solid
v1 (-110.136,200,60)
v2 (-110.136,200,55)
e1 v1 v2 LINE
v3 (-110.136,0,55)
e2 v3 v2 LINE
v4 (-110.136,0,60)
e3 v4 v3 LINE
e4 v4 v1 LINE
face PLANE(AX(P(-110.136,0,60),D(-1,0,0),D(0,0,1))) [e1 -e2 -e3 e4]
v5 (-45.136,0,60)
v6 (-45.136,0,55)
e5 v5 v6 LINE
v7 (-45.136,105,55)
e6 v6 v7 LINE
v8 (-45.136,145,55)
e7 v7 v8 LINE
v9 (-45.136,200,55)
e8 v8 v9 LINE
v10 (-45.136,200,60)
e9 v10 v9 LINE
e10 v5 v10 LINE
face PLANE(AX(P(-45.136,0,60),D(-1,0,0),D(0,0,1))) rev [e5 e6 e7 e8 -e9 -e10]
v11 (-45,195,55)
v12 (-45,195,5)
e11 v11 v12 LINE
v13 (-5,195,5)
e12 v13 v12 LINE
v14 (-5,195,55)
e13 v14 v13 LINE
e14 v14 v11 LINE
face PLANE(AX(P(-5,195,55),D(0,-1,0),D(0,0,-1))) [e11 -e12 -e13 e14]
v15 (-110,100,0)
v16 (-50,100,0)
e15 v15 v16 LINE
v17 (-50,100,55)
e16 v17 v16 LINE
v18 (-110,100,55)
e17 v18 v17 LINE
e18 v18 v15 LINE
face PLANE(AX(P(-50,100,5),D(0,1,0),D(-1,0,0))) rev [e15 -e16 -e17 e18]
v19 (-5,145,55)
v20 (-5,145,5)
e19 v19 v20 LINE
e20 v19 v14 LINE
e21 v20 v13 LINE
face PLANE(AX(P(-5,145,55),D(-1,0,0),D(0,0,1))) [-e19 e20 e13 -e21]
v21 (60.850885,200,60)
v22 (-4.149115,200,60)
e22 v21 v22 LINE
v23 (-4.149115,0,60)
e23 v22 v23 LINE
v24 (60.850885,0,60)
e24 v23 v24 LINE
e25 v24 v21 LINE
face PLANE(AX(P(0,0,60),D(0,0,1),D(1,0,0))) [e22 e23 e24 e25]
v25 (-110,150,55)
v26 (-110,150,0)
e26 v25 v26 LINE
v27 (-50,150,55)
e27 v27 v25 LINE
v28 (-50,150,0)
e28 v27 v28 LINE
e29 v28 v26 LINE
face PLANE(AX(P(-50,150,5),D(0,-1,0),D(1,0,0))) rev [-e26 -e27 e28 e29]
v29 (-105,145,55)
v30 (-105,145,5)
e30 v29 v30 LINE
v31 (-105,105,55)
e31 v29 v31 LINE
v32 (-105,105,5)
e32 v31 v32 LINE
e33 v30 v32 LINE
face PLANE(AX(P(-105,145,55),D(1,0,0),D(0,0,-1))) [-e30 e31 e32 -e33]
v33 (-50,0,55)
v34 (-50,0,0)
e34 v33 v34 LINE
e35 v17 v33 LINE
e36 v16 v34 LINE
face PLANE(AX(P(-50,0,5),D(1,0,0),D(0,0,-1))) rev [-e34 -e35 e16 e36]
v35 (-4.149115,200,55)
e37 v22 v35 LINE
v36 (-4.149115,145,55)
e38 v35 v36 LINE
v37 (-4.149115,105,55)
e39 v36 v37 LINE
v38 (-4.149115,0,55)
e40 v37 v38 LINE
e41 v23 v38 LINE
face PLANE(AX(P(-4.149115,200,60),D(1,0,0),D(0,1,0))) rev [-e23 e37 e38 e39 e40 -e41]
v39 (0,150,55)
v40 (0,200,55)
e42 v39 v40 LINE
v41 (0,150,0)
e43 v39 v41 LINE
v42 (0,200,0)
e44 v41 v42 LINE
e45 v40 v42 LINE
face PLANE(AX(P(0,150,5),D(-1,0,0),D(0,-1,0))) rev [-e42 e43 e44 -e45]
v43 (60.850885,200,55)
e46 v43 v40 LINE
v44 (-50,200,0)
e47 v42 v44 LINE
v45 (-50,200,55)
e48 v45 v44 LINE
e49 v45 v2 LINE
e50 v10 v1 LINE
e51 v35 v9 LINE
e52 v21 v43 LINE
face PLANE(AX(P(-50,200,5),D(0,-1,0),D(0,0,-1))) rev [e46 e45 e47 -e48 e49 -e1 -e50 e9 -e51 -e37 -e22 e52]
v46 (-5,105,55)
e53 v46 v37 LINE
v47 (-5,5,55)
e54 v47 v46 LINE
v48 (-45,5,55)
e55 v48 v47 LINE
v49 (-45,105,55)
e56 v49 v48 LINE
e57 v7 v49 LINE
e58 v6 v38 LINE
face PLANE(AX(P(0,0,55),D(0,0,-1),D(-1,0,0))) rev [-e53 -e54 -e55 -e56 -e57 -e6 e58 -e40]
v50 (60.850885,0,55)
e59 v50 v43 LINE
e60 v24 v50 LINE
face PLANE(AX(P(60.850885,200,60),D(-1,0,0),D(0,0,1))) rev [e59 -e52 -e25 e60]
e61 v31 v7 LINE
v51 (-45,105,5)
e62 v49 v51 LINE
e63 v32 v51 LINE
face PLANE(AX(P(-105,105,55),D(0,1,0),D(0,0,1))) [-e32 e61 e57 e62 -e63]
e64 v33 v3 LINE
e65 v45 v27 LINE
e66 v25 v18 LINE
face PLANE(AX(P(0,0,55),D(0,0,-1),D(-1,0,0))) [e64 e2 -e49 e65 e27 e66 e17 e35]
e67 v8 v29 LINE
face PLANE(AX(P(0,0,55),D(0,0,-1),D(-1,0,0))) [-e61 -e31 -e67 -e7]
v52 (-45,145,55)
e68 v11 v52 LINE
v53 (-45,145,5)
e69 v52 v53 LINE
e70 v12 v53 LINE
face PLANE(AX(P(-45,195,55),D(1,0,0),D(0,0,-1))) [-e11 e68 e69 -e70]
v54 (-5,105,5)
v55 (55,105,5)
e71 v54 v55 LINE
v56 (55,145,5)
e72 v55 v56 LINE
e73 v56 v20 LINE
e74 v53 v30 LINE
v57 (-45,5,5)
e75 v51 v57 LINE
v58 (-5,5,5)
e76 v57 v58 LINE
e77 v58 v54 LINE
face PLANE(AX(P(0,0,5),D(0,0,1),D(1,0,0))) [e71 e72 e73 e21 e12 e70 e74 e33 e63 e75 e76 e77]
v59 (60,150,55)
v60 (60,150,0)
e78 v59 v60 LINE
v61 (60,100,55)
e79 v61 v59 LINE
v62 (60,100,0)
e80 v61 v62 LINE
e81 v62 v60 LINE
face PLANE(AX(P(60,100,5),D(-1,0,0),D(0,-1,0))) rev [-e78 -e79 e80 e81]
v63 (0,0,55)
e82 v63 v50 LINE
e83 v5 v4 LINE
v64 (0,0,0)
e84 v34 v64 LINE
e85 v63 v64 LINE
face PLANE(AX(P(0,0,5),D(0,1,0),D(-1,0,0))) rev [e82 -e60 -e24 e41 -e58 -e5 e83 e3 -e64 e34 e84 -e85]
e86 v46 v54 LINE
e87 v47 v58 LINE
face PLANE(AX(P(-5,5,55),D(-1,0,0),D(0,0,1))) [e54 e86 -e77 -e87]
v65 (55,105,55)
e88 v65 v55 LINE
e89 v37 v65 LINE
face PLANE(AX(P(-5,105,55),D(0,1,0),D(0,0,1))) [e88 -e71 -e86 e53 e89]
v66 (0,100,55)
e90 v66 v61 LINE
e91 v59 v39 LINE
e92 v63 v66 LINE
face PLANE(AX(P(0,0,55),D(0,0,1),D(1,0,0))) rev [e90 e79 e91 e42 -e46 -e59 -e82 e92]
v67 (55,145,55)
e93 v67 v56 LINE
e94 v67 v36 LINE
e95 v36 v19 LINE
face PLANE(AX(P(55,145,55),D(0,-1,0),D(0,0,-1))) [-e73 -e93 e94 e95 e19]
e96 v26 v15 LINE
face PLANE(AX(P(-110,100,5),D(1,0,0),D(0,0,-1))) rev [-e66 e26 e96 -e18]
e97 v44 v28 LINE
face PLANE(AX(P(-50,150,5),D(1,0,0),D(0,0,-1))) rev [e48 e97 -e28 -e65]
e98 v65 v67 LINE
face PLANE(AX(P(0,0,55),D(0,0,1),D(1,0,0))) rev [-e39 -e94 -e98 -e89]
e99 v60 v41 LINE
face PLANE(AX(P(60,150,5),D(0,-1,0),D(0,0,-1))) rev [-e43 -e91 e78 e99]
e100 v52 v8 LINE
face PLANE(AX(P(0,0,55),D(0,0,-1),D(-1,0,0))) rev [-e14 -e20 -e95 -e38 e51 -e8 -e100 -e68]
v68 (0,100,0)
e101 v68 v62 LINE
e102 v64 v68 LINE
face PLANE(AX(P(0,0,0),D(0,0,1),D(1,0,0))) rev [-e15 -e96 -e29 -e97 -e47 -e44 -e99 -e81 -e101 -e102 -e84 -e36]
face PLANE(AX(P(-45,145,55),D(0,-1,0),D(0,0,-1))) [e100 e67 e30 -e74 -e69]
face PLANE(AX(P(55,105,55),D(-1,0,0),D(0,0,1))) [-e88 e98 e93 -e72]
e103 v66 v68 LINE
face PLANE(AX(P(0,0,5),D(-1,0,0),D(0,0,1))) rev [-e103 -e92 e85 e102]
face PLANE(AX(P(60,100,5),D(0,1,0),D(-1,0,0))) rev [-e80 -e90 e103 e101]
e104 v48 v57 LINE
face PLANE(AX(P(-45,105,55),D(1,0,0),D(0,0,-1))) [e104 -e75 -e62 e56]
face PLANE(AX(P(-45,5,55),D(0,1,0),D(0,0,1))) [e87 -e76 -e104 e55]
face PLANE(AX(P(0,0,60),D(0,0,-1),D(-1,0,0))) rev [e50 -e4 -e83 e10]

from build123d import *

# Parameters (mm, degrees)
BOSS_EXTRU_2_DEPTH = 5
BOSS_EXTRU_3_DEPTH = 50
ESQUISSE3_W        = 65
ESQUISSE3_H        = 200
BOSS_EXTRU_7_DEPTH = 5
ESQUISSE8_W        = 65
ESQUISSE8_H        = 200
BOSS_EXTRU_8_DEPTH = 5


with BuildPart() as part:
    # Esquisse1 → Boss.-Extru.2 (new body)
    with BuildSketch(Plane.XY):
        Polygon((-50, 100), (-110, 100), (-110, 150), (-50, 150), (-50, 200), (0, 200), (0, 150), (60, 150), (60, 100), (0, 100), (0, 0), (-50, 0), align=None)
    extrude(amount=BOSS_EXTRU_2_DEPTH)

    # Esquisse2 → Boss.-Extru.3 (add)
    with BuildSketch(Plane.XY.offset(5)):
        Polygon((-110, 150), (-110, 100), (-50, 100), (-50, 0), (0, 0), (0, 100), (60, 100), (60, 150), (0, 150), (0, 200), (-50, 200), (-50, 150), align=None)
        Polygon((-105, 145), (-105, 105), (-45, 105), (-45, 5), (-5, 5), (-5, 105), (55, 105), (55, 145), (-5, 145), (-5, 195), (-45, 195), (-45, 145), align=None, mode=Mode.SUBTRACT)
    extrude(amount=BOSS_EXTRU_3_DEPTH)

    # Esquisse3 → Boss.-Extru.7 (add)
    with BuildSketch(Plane.XY.offset(55)):
        with Locations((-77.636000324, 100)):
            Rectangle(ESQUISSE3_W, ESQUISSE3_H)
    extrude(amount=BOSS_EXTRU_7_DEPTH)

    # Esquisse8 → Boss.-Extru.8 (add)
    with BuildSketch(Plane.XY.offset(55)):
        with Locations((28.350884712, 100)):
            Rectangle(ESQUISSE8_W, ESQUISSE8_H)
    extrude(amount=BOSS_EXTRU_8_DEPTH)


solid = part.part
